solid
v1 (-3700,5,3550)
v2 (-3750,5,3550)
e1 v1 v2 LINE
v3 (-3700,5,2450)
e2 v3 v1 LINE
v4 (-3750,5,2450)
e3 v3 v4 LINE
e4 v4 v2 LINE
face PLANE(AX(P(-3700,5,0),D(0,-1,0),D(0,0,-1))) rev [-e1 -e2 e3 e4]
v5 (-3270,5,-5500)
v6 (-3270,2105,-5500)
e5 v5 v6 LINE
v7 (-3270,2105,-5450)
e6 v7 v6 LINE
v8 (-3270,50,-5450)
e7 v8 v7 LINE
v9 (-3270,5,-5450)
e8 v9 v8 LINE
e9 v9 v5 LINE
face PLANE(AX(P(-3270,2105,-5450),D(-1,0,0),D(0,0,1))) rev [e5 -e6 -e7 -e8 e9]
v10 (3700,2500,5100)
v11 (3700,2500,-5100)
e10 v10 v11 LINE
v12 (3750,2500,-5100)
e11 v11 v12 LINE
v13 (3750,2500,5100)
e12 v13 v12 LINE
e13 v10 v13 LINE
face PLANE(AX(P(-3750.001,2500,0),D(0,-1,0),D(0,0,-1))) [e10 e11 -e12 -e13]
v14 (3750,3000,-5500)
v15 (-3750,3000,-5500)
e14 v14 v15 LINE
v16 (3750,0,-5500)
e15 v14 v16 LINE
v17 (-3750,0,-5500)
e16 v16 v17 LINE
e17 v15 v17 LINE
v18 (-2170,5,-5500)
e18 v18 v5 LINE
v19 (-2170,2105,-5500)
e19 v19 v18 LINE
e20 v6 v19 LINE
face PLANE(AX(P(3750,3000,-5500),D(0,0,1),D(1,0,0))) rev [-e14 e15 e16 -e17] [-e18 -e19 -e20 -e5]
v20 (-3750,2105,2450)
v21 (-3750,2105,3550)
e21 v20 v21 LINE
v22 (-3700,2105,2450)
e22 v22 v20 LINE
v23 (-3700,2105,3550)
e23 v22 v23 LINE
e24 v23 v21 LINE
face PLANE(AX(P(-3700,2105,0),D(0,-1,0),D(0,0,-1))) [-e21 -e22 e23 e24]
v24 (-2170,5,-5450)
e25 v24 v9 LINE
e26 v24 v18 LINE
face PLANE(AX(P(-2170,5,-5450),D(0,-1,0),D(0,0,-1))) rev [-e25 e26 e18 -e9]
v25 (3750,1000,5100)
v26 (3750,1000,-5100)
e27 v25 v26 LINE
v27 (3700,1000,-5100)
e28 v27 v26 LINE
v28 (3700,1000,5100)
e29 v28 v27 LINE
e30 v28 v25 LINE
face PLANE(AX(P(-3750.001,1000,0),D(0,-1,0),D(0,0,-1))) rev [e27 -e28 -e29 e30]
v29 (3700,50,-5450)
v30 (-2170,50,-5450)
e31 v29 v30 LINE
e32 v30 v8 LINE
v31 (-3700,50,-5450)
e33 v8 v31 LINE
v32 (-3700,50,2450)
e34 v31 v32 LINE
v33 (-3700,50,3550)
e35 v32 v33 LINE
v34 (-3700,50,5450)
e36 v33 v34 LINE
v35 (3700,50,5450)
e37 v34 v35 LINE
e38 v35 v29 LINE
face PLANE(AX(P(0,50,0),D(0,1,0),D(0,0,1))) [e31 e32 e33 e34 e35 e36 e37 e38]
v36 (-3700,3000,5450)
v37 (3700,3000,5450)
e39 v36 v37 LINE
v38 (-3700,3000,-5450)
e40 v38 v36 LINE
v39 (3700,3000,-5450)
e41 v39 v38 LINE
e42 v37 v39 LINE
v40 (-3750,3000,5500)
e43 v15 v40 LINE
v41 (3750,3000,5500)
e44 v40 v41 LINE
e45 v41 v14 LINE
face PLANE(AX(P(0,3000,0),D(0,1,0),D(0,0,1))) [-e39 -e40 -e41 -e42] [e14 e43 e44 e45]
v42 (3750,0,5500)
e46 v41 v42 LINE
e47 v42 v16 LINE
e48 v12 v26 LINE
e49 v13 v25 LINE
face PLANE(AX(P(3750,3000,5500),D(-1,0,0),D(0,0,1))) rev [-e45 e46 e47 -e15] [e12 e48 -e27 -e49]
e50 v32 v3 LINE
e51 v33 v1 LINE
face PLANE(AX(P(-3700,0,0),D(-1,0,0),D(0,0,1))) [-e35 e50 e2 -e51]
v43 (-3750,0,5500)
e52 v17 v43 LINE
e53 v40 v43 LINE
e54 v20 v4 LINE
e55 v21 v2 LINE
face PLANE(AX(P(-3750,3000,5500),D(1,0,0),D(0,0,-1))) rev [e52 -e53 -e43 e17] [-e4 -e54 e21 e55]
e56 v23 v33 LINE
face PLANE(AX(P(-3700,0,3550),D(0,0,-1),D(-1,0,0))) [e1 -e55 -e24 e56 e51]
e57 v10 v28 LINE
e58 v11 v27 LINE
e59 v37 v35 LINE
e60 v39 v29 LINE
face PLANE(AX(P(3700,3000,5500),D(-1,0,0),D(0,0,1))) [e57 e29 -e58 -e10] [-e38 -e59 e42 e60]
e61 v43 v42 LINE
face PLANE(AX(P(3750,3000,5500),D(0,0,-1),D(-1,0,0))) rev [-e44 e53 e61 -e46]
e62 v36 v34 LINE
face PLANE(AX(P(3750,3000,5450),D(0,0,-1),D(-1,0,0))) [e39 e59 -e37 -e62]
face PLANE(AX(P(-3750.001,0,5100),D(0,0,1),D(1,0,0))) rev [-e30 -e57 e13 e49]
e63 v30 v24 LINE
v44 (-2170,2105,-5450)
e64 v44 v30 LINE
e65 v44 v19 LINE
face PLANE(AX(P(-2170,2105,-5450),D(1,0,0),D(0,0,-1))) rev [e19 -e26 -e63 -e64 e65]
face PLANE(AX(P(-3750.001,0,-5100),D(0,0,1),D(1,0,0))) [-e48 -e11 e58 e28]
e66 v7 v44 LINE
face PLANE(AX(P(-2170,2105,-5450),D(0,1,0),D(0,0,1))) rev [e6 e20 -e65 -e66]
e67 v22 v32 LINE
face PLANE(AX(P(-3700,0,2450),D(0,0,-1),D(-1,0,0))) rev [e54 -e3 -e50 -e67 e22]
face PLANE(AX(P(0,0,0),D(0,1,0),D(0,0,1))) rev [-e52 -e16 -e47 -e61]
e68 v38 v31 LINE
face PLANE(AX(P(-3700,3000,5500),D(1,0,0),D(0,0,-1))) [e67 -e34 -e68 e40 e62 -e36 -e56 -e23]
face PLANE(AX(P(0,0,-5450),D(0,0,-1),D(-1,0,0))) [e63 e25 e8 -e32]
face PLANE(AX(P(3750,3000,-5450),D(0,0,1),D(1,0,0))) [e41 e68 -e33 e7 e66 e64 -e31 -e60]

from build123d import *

# Parameters (mm, degrees)
SKETCH3_W           = 7500
SKETCH3_H           = 11000
BOSS_EXTRUDE1_DEPTH = 3000
SHELL1_T            = -50
CUT_EXTRUDE1_REACH  = 9774.41
SKETCH4_W           = 5100
SKETCH4_H           = 1500
SKETCH5_W           = 1100
SKETCH5_H           = 2100
CUT_EXTRUDE2_DEPTH  = 50
SKETCH6_W           = 1100
SKETCH6_H           = 2100
CUT_EXTRUDE3_DEPTH  = 50


with BuildPart() as part:
    # Sketch3 → Boss-Extrude1 (new body)
    with BuildSketch(Plane(origin=(0, 0, 0), x_dir=(1, 0, 0), z_dir=(0, 1, 0))):
        Rectangle(SKETCH3_W, SKETCH3_H)
    extrude(amount=BOSS_EXTRUDE1_DEPTH)

    # Shell1
    shell1_openings = [part.faces().sort_by_distance(p)[0] for p in [
        (0, 3000, 0),
    ]]
    offset(amount=SHELL1_T, openings=shell1_openings, kind=Kind.INTERSECTION)

    # Sketch4 → Cut-Extrude1 (cut, up to next)
    with BuildSketch(Plane(origin=(3750, 0, 0), x_dir=(0, 0, -1), z_dir=(1, 0, 0)), mode=Mode.PRIVATE) as cut_extrude1_sk1:
        with Locations((-2550, 1750)):
            Rectangle(SKETCH4_W, SKETCH4_H)
    cut_extrude1_tool1 = extrude(cut_extrude1_sk1.sketch, amount=-CUT_EXTRUDE1_REACH, mode=Mode.PRIVATE) & part.part
    # Sketch4 → Cut-Extrude1 (cut, up to next)
    with BuildSketch(Plane(origin=(3750, 0, 0), x_dir=(0, 0, -1), z_dir=(1, 0, 0)), mode=Mode.PRIVATE) as cut_extrude1_sk2:
        with Locations((2550, 1750)):
            Rectangle(SKETCH4_W, SKETCH4_H)
    cut_extrude1_tool2 = extrude(cut_extrude1_sk2.sketch, amount=-CUT_EXTRUDE1_REACH, mode=Mode.PRIVATE) & part.part
    add(cut_extrude1_tool1.solids().sort_by_distance((3750, 1750, 2550))[0], mode=Mode.SUBTRACT)
    add(cut_extrude1_tool2.solids().sort_by_distance((3750, 1750, -2550))[0], mode=Mode.SUBTRACT)

    # Sketch5 → Cut-Extrude2 (cut)
    with BuildSketch(Plane(origin=(0, 0, -5500), x_dir=(-1, 0, 0), z_dir=(0, 0, -1))):
        with Locations((2720, 1055)):
            Rectangle(SKETCH5_W, SKETCH5_H)
    extrude(amount=-CUT_EXTRUDE2_DEPTH, mode=Mode.SUBTRACT)

    # Sketch6 → Cut-Extrude3 (cut)
    with BuildSketch(Plane.ZY.offset(3750)):
        with Locations((3000, 1055)):
            Rectangle(SKETCH6_W, SKETCH6_H)
    extrude(amount=-CUT_EXTRUDE3_DEPTH, mode=Mode.SUBTRACT)


solid = part.part
